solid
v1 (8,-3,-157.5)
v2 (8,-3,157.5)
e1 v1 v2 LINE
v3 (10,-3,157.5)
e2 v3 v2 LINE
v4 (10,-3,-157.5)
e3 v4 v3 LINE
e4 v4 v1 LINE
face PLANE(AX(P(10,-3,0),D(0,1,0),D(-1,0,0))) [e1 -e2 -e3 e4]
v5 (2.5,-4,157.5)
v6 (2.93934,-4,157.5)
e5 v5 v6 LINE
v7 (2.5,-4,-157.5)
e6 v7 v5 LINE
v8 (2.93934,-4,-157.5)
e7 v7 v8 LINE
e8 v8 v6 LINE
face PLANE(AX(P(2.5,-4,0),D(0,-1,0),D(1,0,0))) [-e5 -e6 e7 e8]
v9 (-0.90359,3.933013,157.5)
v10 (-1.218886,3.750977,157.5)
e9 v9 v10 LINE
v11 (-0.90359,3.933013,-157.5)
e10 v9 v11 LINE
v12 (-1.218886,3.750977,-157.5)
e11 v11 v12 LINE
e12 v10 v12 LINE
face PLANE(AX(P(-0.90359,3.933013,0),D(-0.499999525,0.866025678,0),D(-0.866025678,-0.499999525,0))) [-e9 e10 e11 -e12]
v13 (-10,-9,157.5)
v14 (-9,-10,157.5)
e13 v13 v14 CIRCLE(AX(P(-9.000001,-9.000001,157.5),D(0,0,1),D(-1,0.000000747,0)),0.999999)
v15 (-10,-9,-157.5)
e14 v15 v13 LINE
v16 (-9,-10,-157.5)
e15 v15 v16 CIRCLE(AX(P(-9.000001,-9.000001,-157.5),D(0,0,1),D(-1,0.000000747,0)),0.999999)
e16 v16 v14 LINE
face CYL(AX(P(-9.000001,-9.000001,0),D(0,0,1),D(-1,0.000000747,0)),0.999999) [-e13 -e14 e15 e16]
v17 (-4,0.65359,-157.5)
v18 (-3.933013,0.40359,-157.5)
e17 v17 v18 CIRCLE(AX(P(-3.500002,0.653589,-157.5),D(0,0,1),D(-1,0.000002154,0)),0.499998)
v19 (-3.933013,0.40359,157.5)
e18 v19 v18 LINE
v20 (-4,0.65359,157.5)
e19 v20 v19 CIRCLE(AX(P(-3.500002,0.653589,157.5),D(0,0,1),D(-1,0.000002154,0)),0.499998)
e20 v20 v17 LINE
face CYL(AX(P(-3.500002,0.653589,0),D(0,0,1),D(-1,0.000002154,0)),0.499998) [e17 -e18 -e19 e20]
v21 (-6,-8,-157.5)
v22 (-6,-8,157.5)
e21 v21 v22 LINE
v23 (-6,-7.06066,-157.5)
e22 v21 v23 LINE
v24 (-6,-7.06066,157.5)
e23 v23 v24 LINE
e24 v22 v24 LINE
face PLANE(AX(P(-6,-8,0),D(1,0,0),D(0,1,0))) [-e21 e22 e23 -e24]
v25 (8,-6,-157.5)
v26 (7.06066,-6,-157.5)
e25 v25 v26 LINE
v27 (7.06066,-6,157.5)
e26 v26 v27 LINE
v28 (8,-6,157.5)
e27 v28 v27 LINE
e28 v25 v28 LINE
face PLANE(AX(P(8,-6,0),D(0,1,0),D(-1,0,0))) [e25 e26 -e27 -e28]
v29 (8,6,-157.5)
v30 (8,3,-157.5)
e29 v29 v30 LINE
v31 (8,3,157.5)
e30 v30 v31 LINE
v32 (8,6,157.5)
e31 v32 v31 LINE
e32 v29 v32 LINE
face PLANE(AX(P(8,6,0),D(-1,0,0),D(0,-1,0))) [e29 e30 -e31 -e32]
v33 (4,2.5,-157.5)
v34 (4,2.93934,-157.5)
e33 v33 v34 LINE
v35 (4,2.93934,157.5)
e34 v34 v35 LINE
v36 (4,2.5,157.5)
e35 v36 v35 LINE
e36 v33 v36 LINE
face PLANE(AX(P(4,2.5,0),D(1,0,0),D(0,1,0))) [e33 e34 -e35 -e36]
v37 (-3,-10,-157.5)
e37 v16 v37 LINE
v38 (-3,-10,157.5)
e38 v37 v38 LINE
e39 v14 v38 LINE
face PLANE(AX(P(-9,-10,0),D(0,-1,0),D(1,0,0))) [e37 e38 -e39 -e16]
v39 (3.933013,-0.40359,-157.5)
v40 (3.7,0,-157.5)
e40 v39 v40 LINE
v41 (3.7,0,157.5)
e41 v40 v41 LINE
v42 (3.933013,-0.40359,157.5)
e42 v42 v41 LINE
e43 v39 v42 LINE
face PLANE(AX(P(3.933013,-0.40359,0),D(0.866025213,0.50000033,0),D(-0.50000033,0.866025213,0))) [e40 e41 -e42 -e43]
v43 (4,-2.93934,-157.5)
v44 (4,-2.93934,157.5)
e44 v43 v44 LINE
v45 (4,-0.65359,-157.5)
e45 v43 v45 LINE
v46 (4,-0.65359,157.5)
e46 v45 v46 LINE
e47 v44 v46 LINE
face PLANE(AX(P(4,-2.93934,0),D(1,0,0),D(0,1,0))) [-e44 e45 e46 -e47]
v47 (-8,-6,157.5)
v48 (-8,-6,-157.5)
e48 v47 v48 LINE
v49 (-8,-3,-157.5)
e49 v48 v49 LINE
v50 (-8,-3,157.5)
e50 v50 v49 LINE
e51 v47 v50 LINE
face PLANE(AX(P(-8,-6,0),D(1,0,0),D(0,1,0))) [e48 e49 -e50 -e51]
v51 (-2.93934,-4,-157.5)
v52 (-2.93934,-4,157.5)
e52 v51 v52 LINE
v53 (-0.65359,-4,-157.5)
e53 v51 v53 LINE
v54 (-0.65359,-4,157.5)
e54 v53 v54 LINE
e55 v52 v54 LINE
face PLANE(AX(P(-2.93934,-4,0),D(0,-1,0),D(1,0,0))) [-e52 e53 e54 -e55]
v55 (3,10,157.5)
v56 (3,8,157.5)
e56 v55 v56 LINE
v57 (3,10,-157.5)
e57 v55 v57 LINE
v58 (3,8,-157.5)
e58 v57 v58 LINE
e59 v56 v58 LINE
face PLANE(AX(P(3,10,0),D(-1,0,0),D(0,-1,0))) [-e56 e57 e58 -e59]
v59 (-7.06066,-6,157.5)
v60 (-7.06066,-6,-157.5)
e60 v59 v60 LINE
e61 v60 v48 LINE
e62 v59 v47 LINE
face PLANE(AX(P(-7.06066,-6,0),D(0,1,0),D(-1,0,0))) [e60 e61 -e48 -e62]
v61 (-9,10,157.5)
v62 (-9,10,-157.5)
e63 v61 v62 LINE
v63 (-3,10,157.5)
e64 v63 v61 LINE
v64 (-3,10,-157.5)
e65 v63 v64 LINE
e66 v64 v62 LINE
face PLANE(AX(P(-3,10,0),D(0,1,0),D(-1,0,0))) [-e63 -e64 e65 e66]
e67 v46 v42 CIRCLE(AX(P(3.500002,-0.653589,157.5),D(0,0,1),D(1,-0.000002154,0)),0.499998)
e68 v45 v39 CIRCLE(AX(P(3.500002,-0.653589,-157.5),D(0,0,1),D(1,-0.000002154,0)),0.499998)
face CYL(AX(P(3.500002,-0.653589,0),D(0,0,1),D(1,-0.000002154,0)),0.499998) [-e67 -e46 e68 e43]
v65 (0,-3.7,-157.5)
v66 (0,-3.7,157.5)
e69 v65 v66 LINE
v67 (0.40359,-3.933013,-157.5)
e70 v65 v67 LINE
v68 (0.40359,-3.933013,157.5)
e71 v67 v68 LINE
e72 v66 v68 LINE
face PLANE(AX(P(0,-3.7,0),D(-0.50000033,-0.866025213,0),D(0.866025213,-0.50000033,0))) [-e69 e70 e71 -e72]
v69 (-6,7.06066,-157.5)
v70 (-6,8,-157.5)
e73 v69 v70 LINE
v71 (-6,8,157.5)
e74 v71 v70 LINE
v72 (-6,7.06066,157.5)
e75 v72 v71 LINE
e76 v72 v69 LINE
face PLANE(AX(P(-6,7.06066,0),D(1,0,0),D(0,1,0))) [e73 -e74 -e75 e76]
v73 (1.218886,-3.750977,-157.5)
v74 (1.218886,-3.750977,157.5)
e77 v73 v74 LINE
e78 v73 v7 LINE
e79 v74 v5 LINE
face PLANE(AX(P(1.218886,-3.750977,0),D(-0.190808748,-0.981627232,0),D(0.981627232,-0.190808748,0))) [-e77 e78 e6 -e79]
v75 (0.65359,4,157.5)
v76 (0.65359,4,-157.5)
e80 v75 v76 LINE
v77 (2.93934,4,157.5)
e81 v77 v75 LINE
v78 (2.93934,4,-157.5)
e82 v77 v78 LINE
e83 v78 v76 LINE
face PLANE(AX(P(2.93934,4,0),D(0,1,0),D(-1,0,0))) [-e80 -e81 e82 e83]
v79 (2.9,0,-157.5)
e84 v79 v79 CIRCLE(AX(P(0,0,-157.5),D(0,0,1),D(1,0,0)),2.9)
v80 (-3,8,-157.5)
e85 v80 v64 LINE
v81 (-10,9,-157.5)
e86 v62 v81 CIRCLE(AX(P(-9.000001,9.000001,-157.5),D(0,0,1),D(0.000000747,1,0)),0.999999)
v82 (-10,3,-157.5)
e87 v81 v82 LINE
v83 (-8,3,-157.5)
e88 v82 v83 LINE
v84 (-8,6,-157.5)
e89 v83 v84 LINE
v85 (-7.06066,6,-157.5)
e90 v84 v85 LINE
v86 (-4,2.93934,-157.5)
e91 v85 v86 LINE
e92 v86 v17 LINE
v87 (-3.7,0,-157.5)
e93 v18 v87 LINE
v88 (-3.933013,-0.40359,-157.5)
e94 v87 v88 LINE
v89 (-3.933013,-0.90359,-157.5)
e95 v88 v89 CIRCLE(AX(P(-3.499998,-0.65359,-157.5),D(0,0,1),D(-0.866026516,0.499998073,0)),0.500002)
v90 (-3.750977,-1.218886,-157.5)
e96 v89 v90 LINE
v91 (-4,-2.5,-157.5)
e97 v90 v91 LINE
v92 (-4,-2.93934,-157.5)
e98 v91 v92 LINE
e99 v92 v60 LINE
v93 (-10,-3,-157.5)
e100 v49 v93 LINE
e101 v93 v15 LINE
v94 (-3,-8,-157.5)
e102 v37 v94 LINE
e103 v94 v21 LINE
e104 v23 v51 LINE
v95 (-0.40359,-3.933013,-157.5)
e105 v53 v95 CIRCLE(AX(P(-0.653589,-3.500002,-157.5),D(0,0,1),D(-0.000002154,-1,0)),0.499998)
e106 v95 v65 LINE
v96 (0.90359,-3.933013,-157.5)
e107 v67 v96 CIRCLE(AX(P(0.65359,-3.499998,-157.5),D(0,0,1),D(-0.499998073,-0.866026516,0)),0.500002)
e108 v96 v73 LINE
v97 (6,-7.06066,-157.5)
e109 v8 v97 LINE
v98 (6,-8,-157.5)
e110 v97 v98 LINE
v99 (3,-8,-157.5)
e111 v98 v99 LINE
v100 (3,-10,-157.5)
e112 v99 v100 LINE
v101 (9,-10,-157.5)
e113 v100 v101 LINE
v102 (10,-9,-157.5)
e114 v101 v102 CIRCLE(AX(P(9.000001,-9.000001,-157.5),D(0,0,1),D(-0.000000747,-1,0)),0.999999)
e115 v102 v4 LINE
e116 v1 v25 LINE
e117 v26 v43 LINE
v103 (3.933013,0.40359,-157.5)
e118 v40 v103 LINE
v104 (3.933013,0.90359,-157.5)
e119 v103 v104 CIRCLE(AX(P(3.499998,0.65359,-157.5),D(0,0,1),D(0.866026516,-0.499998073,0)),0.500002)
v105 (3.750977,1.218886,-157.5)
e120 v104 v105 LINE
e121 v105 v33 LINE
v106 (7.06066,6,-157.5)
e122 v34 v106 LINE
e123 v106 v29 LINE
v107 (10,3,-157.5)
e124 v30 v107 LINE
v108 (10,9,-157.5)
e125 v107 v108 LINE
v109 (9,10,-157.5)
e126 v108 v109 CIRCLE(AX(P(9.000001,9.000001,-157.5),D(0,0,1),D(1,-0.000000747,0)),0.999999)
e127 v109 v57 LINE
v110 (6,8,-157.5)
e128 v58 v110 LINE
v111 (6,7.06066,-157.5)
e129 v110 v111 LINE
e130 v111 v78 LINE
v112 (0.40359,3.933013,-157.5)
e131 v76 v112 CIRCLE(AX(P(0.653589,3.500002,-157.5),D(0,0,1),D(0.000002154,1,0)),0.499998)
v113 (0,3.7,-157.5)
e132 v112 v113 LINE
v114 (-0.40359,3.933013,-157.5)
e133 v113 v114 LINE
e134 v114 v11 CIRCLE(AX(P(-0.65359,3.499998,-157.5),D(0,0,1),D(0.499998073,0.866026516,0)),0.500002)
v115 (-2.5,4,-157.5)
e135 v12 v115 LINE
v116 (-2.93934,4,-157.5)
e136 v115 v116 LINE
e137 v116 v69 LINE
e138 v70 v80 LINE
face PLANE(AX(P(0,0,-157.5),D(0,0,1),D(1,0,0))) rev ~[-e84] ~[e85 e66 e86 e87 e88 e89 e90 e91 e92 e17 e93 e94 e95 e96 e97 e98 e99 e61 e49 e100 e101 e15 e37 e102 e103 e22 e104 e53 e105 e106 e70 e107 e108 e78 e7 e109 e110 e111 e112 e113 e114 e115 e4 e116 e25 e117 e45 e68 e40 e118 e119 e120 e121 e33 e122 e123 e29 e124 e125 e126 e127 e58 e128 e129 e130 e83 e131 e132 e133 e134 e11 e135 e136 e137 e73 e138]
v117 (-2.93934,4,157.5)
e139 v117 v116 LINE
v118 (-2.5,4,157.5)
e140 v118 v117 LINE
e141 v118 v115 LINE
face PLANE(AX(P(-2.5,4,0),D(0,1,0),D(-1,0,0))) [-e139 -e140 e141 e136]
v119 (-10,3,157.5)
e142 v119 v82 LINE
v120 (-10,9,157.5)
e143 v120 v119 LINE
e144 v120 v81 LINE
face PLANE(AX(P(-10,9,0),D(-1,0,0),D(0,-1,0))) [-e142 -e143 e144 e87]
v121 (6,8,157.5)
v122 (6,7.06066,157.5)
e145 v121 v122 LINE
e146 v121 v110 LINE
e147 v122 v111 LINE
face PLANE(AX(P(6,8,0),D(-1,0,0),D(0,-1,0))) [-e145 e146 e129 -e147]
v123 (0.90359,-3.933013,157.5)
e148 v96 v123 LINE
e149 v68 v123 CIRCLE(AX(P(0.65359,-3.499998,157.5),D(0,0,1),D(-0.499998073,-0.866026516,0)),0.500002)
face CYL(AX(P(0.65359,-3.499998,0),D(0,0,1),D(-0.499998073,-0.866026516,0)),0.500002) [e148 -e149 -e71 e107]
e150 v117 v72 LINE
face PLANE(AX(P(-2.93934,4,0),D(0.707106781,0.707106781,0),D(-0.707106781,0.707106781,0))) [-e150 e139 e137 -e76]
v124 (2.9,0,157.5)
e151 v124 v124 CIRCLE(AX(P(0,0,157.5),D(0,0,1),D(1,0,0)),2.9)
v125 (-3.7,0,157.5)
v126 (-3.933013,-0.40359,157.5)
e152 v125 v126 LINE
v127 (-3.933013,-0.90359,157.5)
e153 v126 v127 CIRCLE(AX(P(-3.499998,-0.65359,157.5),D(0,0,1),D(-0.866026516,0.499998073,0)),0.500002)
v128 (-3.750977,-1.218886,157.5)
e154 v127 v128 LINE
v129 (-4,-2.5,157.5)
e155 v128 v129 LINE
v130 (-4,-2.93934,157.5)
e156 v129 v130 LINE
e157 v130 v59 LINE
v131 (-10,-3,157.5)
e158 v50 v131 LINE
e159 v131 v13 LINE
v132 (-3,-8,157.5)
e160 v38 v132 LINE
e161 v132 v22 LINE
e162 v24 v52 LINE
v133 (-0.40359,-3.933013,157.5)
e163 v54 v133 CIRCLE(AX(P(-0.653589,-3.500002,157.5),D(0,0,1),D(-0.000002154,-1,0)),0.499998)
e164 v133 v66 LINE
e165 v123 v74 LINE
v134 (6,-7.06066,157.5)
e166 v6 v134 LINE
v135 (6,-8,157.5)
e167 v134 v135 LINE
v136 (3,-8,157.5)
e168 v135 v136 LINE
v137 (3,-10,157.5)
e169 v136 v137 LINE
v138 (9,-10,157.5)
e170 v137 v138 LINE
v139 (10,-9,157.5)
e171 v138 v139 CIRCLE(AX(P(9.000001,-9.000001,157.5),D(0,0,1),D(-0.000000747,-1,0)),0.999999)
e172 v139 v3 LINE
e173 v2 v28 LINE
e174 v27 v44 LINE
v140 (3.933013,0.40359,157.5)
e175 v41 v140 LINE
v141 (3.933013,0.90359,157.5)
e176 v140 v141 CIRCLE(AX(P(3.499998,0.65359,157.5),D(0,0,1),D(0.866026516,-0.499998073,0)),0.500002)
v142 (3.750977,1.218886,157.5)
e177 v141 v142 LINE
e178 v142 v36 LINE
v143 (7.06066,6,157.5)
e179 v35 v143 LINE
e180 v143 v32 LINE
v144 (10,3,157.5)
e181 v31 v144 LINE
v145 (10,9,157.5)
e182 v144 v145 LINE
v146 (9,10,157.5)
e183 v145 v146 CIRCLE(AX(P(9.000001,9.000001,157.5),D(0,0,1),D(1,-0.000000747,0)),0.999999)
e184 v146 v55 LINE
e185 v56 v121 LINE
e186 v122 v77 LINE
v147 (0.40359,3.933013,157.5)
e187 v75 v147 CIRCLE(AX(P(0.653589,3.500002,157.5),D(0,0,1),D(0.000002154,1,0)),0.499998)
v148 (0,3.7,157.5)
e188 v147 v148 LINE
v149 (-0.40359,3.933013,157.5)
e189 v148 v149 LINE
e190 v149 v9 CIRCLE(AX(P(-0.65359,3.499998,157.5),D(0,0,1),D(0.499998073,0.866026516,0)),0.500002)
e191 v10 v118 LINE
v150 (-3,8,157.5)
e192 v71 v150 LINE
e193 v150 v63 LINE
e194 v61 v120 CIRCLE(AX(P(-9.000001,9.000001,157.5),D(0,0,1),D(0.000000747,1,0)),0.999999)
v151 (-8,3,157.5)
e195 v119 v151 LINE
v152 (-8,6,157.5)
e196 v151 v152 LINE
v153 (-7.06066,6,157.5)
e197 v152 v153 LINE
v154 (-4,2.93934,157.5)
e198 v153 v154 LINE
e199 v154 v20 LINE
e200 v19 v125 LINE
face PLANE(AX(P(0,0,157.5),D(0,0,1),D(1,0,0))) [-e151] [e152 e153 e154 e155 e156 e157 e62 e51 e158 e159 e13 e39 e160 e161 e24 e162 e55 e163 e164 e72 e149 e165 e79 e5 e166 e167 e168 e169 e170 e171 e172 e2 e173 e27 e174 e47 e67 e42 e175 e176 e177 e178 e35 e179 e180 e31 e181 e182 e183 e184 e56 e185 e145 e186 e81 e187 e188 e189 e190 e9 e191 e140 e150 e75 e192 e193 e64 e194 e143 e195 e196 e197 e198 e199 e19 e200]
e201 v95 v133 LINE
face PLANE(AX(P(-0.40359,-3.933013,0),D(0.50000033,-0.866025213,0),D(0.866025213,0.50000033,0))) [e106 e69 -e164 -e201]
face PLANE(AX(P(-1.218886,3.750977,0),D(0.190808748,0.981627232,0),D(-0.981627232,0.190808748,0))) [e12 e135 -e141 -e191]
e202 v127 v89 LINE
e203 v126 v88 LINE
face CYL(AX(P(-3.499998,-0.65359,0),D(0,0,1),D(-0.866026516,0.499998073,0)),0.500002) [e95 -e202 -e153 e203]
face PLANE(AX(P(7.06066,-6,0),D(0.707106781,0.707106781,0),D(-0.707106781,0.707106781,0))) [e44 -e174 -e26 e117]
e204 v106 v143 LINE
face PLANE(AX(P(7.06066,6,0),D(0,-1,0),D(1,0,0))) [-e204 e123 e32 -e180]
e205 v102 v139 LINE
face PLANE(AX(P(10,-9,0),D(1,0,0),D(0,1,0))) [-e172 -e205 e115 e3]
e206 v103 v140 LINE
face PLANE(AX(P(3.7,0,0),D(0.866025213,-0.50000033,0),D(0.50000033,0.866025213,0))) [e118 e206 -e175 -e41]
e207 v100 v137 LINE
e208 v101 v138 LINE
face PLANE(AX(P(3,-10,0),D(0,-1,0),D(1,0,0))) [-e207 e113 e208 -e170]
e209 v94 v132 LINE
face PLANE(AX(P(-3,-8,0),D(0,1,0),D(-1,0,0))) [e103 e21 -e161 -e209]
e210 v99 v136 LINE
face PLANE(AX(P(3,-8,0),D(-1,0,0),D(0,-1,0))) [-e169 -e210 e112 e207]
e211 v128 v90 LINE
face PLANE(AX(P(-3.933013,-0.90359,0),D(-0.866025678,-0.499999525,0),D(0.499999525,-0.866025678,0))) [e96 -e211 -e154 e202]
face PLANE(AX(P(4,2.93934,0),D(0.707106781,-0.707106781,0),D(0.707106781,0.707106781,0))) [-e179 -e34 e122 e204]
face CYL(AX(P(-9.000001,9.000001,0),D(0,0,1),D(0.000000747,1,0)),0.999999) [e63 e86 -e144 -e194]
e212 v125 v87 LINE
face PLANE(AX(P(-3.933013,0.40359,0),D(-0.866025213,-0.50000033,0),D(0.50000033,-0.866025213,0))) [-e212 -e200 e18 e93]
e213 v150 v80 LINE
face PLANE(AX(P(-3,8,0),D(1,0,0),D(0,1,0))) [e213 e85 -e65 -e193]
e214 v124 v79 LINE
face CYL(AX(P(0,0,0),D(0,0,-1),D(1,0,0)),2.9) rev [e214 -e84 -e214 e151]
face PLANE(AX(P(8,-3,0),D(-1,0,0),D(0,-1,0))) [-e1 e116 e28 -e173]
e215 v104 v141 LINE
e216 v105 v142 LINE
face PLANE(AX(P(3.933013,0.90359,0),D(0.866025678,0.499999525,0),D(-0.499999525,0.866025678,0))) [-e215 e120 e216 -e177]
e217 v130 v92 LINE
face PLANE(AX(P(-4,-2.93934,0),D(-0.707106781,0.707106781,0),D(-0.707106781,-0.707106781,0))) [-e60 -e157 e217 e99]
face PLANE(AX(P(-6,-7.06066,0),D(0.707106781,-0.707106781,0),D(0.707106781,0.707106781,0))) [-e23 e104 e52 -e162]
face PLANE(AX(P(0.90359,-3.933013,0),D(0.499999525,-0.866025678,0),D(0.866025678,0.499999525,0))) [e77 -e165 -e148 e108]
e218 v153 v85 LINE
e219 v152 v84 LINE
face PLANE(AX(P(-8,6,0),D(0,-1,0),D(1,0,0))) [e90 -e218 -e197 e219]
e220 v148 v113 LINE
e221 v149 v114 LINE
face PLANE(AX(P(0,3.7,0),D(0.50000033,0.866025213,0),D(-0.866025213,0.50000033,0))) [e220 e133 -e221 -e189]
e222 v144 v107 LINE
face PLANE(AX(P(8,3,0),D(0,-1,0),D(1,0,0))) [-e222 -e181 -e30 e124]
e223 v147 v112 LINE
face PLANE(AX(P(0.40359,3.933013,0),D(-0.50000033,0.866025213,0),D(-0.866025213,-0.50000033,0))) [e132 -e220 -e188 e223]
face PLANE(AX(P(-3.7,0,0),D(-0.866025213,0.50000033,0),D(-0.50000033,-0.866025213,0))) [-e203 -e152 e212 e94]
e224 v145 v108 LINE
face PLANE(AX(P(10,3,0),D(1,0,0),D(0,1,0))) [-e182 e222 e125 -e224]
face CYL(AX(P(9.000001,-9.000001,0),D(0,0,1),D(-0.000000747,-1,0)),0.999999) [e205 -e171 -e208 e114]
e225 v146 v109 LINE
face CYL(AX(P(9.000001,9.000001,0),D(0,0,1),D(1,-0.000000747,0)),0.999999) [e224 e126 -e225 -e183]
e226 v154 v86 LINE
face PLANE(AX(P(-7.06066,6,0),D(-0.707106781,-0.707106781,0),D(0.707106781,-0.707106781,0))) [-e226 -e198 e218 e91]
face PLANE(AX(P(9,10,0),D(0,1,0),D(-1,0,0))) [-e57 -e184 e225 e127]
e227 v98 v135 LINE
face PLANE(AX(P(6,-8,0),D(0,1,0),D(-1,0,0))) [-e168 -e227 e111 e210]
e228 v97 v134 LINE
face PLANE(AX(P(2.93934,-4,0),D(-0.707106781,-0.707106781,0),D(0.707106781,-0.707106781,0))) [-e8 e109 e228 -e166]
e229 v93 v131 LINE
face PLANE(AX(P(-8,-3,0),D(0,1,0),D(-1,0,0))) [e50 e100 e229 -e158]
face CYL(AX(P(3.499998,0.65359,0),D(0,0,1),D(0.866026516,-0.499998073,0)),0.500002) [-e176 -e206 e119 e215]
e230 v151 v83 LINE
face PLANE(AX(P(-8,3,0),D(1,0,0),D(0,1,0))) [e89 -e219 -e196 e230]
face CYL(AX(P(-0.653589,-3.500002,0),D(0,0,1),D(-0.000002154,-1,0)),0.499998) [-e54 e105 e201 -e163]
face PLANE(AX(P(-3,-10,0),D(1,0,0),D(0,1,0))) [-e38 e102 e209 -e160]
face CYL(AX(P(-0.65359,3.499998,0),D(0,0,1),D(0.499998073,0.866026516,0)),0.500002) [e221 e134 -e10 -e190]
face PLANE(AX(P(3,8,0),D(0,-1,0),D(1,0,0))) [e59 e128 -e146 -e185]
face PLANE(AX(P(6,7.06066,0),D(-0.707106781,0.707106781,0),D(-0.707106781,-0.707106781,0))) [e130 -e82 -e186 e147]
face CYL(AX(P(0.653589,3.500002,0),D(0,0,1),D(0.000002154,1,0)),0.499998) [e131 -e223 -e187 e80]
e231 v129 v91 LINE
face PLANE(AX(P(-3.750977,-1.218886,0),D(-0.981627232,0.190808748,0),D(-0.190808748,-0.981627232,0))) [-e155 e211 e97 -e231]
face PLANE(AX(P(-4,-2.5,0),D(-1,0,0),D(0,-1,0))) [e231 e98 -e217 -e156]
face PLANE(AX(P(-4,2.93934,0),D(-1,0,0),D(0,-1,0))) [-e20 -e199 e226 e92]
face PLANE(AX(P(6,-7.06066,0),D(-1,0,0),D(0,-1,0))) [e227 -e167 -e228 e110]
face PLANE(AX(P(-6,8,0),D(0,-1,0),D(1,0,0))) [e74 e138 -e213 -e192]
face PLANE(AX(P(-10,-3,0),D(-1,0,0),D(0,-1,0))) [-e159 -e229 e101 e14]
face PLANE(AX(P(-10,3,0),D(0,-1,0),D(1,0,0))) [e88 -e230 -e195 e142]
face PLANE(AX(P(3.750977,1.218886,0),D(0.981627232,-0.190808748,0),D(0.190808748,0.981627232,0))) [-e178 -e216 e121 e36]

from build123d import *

# Parameters (mm, degrees)
SKETCH001_R = 2.9
PAD_DEPTH   = 157.5


with BuildPart() as part:
    # Sketch001 → Pad (new body, symmetric)
    with BuildSketch(Plane.XY):
        with BuildLine():
            Line((-8, -3), (-10, -3))
            Line((-10, -3), (-10, -9))
            ThreePointArc((-10, -9), (-9.707107, -9.707107), (-9, -10))
            Line((-9, -10), (-3, -10))
            Line((-3, -10), (-3, -8))
            Line((-3, -8), (-6, -8))
            Line((-6, -8), (-6, -7.06066))
            Line((-6, -7.06066), (-2.93934, -4))
            Line((-2.93934, -4), (-0.65359, -4))
            ThreePointArc((-0.65359, -4), (-0.52418, -3.982963), (-0.40359, -3.933013))
            Line((-0.40359, -3.933013), (0, -3.7))
            Line((0, -3.7), (0.40359, -3.933013))
            ThreePointArc((0.40359, -3.933013), (0.65359, -4), (0.90359, -3.933013))
            Line((0.90359, -3.933013), (1.218886, -3.750977))
            Line((1.218886, -3.750977), (2.5, -4))
            Line((2.5, -4), (2.93934, -4))
            Line((2.93934, -4), (6, -7.06066))
            Line((6, -7.06066), (6, -8))
            Line((6, -8), (3, -8))
            Line((3, -8), (3, -10))
            Line((3, -10), (9, -10))
            ThreePointArc((9, -10), (9.707107, -9.707107), (10, -9))
            Line((10, -9), (10, -3))
            Line((10, -3), (8, -3))
            Line((8, -3), (8, -6))
            Line((8, -6), (7.06066, -6))
            Line((7.06066, -6), (4, -2.93934))
            Line((4, -2.93934), (4, -0.65359))
            ThreePointArc((4, -0.65359), (3.982963, -0.52418), (3.933013, -0.40359))
            Line((3.933013, -0.40359), (3.7, 0))
            Line((3.7, 0), (3.933013, 0.40359))
            ThreePointArc((3.933013, 0.40359), (4, 0.65359), (3.933013, 0.90359))
            Line((3.933013, 0.90359), (3.750977, 1.218886))
            Line((3.750977, 1.218886), (4, 2.5))
            Line((4, 2.5), (4, 2.93934))
            Line((4, 2.93934), (7.06066, 6))
            Line((7.06066, 6), (8, 6))
            Line((8, 6), (8, 3))
            Line((8, 3), (10, 3))
            Line((10, 3), (10, 9))
            ThreePointArc((10, 9), (9.707107, 9.707107), (9, 10))
            Line((9, 10), (3, 10))
            Line((3, 10), (3, 8))
            Line((3, 8), (6, 8))
            Line((6, 8), (6, 7.06066))
            Line((6, 7.06066), (2.93934, 4))
            Line((2.93934, 4), (0.65359, 4))
            ThreePointArc((0.65359, 4), (0.52418, 3.982963), (0.40359, 3.933013))
            Line((0.40359, 3.933013), (0, 3.7))
            Line((0, 3.7), (-0.40359, 3.933013))
            ThreePointArc((-0.40359, 3.933013), (-0.65359, 4), (-0.90359, 3.933013))
            Line((-0.90359, 3.933013), (-1.218886, 3.750977))
            Line((-1.218886, 3.750977), (-2.5, 4))
            Line((-2.5, 4), (-2.93934, 4))
            Line((-2.93934, 4), (-6, 7.06066))
            Line((-6, 7.06066), (-6, 8))
            Line((-6, 8), (-3, 8))
            Line((-3, 8), (-3, 10))
            Line((-3, 10), (-9, 10))
            ThreePointArc((-9, 10), (-9.707107, 9.707107), (-10, 9))
            Line((-10, 9), (-10, 3))
            Line((-10, 3), (-8, 3))
            Line((-8, 3), (-8, 6))
            Line((-8, 6), (-7.06066, 6))
            Line((-7.06066, 6), (-4, 2.93934))
            Line((-4, 2.93934), (-4, 0.65359))
            ThreePointArc((-4, 0.65359), (-3.982963, 0.52418), (-3.933013, 0.40359))
            Line((-3.933013, 0.40359), (-3.7, 0))
            Line((-3.7, 0), (-3.933013, -0.40359))
            ThreePointArc((-3.933013, -0.40359), (-4, -0.65359), (-3.933013, -0.90359))
            Line((-3.933013, -0.90359), (-3.750977, -1.218886))
            Line((-3.750977, -1.218886), (-4, -2.5))
            Line((-4, -2.5), (-4, -2.93934))
            Line((-4, -2.93934), (-7.06066, -6))
            Line((-7.06066, -6), (-8, -6))
            Line((-8, -6), (-8, -3))
        make_face()
        Circle(SKETCH001_R, mode=Mode.SUBTRACT)
    extrude(amount=PAD_DEPTH, both=True)


solid = part.part
